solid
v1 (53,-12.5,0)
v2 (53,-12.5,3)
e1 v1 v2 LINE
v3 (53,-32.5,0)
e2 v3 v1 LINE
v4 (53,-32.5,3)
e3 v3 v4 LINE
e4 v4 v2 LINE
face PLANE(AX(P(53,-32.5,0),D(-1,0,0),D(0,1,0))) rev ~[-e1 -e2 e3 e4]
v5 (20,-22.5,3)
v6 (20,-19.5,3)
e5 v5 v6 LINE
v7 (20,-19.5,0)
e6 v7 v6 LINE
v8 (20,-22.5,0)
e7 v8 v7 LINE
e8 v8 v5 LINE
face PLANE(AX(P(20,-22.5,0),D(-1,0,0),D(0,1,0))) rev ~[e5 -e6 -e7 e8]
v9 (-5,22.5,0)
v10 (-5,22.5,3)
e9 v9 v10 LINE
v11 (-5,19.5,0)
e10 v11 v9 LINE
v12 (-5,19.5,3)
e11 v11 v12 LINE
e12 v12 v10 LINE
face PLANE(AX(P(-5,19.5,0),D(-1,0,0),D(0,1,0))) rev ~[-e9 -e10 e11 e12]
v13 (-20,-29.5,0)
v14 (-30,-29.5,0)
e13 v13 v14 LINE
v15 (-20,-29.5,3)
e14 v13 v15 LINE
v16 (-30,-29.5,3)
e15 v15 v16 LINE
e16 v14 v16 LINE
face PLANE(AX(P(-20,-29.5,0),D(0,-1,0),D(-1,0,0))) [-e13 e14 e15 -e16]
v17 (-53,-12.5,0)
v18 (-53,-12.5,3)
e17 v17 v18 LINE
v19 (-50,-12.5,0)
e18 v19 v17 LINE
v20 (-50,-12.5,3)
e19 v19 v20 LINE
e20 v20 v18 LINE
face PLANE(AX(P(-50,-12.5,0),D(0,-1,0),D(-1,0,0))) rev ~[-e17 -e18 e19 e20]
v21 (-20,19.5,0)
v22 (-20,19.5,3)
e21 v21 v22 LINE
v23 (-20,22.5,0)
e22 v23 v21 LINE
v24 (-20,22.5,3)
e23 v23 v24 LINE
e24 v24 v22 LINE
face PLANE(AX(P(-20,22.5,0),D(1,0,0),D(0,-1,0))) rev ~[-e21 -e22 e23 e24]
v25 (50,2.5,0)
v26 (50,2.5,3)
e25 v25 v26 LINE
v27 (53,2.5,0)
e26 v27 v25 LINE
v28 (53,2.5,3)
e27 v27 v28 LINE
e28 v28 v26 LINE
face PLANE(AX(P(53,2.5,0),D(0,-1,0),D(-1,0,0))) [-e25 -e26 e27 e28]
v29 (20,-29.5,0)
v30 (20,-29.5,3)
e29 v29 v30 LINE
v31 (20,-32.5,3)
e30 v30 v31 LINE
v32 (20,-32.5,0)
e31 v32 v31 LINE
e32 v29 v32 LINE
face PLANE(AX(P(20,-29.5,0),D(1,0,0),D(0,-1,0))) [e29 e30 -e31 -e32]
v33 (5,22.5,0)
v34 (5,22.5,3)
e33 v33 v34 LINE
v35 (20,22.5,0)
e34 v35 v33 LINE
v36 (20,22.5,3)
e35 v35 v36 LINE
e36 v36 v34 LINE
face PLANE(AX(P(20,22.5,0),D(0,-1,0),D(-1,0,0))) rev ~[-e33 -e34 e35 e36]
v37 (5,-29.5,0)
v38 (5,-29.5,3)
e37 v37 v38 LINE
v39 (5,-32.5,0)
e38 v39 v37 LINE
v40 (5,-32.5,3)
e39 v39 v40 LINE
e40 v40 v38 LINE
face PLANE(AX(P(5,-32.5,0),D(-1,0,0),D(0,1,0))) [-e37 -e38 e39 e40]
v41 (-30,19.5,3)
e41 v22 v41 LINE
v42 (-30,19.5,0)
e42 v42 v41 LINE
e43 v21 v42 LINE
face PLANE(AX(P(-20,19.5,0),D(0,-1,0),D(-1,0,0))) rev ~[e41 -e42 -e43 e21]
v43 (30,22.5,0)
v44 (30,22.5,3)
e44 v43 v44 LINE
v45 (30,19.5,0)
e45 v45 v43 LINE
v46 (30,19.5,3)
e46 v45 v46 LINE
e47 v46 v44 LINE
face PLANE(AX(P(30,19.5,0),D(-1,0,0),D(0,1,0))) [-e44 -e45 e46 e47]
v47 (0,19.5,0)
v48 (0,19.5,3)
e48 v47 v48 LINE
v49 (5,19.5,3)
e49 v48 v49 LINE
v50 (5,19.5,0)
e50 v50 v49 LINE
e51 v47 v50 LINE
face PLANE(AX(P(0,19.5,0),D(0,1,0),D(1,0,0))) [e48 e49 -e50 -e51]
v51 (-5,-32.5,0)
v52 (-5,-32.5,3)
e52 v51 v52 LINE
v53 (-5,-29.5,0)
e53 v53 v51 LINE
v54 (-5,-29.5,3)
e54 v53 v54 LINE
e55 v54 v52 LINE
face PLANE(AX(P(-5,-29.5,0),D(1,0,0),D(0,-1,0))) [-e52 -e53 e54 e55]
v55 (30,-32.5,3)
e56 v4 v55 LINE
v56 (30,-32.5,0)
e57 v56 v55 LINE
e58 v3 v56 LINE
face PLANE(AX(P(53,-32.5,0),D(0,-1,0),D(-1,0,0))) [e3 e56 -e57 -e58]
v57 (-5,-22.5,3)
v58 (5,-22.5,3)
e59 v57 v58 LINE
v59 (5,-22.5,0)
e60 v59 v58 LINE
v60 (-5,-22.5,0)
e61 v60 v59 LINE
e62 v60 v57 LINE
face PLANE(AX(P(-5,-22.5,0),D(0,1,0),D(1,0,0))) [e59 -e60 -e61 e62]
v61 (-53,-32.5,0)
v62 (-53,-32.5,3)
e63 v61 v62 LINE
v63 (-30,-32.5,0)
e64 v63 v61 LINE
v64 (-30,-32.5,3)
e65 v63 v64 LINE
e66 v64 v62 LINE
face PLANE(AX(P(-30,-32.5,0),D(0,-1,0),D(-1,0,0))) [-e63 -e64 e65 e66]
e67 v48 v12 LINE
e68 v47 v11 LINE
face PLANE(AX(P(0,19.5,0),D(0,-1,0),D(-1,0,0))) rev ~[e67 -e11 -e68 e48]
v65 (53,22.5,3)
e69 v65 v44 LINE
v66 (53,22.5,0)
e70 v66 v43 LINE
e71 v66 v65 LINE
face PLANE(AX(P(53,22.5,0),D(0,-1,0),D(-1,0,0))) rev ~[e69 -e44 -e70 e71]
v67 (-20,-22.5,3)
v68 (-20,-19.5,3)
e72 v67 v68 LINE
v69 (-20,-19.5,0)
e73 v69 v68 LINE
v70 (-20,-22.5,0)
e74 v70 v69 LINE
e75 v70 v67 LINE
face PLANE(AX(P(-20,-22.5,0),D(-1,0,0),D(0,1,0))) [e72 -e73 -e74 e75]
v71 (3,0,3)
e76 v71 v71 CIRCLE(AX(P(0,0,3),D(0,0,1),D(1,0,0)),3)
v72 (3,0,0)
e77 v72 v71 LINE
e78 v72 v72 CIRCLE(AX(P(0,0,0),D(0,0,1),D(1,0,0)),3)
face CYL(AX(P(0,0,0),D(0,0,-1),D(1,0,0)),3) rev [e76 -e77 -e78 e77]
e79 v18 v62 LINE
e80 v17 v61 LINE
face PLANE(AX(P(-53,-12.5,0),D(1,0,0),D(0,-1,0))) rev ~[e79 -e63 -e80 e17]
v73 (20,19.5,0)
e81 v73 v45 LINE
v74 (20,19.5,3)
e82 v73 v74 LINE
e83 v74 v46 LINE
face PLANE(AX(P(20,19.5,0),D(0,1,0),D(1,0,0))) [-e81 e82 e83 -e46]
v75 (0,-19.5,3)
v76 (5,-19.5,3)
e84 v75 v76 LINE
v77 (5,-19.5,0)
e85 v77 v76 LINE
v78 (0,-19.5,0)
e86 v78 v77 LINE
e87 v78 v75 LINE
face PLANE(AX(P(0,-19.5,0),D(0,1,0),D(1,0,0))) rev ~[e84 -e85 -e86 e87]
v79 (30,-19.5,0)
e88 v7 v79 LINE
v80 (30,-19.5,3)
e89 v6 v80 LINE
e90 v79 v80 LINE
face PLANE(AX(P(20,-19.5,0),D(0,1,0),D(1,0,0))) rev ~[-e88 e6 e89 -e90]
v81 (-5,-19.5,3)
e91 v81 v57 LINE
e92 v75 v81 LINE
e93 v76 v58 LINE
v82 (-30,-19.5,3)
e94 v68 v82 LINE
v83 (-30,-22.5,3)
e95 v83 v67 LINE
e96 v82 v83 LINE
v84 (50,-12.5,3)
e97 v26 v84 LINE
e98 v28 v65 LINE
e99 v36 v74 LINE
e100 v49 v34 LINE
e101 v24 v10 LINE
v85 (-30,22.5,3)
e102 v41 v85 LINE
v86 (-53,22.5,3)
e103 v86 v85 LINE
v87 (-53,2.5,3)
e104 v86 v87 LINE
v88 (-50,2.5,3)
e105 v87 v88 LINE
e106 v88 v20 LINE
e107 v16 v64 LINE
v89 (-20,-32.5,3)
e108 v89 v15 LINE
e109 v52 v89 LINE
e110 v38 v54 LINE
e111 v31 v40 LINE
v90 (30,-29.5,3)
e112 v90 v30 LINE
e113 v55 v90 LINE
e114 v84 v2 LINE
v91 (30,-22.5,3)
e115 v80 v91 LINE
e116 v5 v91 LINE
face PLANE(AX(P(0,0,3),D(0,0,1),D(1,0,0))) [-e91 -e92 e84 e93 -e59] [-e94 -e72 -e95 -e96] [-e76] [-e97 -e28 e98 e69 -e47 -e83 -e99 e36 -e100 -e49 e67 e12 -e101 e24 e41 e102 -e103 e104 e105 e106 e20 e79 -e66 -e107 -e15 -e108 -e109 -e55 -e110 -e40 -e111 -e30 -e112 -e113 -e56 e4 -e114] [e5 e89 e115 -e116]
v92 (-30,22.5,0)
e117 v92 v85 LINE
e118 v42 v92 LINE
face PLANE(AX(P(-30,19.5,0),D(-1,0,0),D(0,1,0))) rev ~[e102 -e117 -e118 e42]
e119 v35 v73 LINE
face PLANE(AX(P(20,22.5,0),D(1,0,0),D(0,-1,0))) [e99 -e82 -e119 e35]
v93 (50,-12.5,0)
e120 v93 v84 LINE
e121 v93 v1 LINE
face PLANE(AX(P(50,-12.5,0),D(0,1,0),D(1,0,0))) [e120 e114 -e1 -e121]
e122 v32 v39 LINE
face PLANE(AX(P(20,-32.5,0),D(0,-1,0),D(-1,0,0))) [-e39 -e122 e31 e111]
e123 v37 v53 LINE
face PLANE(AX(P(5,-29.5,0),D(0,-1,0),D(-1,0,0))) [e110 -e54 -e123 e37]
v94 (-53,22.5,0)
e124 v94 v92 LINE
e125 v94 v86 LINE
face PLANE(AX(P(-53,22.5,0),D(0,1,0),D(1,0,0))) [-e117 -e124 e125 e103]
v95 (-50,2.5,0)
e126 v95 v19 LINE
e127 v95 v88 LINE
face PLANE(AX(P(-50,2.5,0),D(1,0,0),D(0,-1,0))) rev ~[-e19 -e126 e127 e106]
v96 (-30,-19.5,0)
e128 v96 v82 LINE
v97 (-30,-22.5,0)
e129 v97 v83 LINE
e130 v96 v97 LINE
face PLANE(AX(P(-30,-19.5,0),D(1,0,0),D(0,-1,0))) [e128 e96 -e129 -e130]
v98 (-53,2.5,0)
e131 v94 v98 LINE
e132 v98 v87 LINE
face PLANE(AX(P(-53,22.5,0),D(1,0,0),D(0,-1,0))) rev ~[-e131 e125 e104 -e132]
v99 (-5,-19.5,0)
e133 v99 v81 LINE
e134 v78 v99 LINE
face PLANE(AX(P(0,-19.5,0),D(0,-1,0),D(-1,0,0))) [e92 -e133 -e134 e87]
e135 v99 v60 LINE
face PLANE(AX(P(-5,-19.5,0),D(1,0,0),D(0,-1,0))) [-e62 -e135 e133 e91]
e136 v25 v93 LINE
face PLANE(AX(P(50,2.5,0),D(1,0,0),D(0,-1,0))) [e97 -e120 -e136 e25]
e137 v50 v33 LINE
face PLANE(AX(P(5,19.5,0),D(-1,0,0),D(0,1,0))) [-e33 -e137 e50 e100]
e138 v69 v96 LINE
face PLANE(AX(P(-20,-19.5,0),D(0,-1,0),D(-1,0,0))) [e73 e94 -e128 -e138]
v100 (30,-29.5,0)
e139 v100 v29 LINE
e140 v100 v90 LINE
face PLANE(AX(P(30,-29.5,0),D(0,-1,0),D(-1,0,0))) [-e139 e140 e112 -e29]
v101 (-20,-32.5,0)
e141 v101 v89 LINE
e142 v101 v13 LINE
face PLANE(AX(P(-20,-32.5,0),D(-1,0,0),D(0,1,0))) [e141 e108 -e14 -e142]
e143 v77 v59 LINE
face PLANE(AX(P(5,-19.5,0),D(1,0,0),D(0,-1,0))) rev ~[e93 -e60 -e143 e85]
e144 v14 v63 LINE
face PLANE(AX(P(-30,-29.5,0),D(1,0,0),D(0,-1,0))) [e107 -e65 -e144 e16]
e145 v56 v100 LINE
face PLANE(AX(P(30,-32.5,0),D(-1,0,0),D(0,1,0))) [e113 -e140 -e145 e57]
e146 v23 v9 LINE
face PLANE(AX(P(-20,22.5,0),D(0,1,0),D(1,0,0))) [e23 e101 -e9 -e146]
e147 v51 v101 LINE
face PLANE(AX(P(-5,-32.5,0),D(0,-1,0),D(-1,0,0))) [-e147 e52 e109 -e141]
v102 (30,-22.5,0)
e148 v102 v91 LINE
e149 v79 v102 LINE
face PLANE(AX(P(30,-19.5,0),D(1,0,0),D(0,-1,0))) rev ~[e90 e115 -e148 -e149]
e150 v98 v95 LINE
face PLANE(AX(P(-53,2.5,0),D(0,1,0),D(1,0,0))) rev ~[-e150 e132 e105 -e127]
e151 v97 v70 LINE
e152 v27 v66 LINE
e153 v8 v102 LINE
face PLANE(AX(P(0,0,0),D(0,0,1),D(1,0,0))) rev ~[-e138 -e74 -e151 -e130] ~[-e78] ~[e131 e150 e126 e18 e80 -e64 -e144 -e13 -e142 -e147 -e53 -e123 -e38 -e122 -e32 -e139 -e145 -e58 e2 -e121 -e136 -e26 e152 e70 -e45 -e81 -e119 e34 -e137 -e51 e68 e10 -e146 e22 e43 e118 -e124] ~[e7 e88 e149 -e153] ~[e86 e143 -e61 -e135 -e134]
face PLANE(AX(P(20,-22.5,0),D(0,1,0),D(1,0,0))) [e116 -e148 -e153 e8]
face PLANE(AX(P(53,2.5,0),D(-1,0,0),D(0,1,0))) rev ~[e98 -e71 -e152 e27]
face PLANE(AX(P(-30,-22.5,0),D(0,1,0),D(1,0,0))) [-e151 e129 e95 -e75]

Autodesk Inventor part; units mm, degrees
ref_plane "YZ Plane" through (0, 0, 0) normal (1, 0, 0) x (0, 1, 0)
ref_plane "XZ Plane" through (0, 0, 0) normal (0, 1, 0) x (-1, 0, 0)
ref_plane "XY Plane" through (0, 0, 0) normal (0, 0, 1) x (1, 0, 0)
sketch "Эскиз1" plane through (0, 0, 0) normal (0, 0, 1) x (1, 0, 0)
  line L0 (-20, -22.5) -> (-20, -19.5)
  line L1 (-20, -19.5) -> (-30, -19.5)
  line L2 (-30, -19.5) -> (-30, -22.5)
  line L3 (0, -19.5) -> (-5, -19.5)
  line L4 (-5, -19.5) -> (-5, -22.5)
  line L5 (20, -22.5) -> (20, -19.5)
  line L6 (20, -19.5) -> (30, -19.5)
  line L7 (30, -19.5) -> (30, -22.5)
  line L8 (0, -19.5) -> (5, -19.5)
  line L9 (5, -19.5) -> (5, -22.5)
  line L10 (-53, 22.5) -> (-30, 22.5)
  line L11 (-20, 22.5) -> (-20, 19.5)
  line L12 (-20, 19.5) -> (-30, 19.5)
  line L13 (-30, 19.5) -> (-30, 22.5)
  line L14 (-20, 22.5) -> (-5, 22.5)
  line L15 (0, 19.5) -> (-5, 19.5)
  line L16 (-5, 19.5) -> (-5, 22.5)
  line L17 (-5, 22.5) -> (-20, 22.5)
  line L18 (-30, 22.5) -> (-53, 22.5)
  line L19 (53, 22.5) -> (30, 22.5)
  line L20 (20, 22.5) -> (20, 19.5)
  line L21 (20, 19.5) -> (30, 19.5)
  line L22 (30, 19.5) -> (30, 22.5)
  line L23 (20, 22.5) -> (5, 22.5)
  line L24 (0, 19.5) -> (5, 19.5)
  line L25 (5, 19.5) -> (5, 22.5)
  line L26 (5, 22.5) -> (20, 22.5)
  line L27 (30, 22.5) -> (53, 22.5)
  line L28 (-20, -32.5) -> (-20, -29.5)
  line L29 (-20, -29.5) -> (-30, -29.5)
  line L30 (-30, -29.5) -> (-30, -32.5)
  line L31 (5, -32.5) -> (5, -29.5)
  line L32 (5, -29.5) -> (-5, -29.5)
  line L33 (-5, -29.5) -> (-5, -32.5)
  line L34 (30, -32.5) -> (30, -29.5)
  line L35 (30, -29.5) -> (20, -29.5)
  line L36 (20, -29.5) -> (20, -32.5)
  line L37 (-30, -22.5) -> (-20, -22.5)
  line L38 (-5, -22.5) -> (5, -22.5)
  line L39 (20, -22.5) -> (30, -22.5)
  line L40 (-30, -32.5) -> (-53, -32.5)
  line L41 (-5, -32.5) -> (-20, -32.5)
  line L42 (53, -32.5) -> (30, -32.5)
  line L43 (20, -32.5) -> (5, -32.5)
  line L44 (-53, 2.5) -> (-50, 2.5)
  line L45 (-50, 2.5) -> (-50, -12.5)
  line L46 (-50, -12.5) -> (-53, -12.5)
  line L47 (53, 2.5) -> (50, 2.5)
  line L48 (50, 2.5) -> (50, -12.5)
  line L49 (50, -12.5) -> (53, -12.5)
  line L50 (-53, 22.5) -> (-53, 2.5)
  line L51 (-53, -12.5) -> (-53, -32.5)
  line L52 (53, -32.5) -> (53, -12.5)
  line L53 (53, 2.5) -> (53, 22.5)
  circle A0 centre (0, 0) radius 3
  dimension "d15" = 6
extrude "Выдавливание1" add sketch "Эскиз1" along normal blind 3
properties part number "Стенка t2"
